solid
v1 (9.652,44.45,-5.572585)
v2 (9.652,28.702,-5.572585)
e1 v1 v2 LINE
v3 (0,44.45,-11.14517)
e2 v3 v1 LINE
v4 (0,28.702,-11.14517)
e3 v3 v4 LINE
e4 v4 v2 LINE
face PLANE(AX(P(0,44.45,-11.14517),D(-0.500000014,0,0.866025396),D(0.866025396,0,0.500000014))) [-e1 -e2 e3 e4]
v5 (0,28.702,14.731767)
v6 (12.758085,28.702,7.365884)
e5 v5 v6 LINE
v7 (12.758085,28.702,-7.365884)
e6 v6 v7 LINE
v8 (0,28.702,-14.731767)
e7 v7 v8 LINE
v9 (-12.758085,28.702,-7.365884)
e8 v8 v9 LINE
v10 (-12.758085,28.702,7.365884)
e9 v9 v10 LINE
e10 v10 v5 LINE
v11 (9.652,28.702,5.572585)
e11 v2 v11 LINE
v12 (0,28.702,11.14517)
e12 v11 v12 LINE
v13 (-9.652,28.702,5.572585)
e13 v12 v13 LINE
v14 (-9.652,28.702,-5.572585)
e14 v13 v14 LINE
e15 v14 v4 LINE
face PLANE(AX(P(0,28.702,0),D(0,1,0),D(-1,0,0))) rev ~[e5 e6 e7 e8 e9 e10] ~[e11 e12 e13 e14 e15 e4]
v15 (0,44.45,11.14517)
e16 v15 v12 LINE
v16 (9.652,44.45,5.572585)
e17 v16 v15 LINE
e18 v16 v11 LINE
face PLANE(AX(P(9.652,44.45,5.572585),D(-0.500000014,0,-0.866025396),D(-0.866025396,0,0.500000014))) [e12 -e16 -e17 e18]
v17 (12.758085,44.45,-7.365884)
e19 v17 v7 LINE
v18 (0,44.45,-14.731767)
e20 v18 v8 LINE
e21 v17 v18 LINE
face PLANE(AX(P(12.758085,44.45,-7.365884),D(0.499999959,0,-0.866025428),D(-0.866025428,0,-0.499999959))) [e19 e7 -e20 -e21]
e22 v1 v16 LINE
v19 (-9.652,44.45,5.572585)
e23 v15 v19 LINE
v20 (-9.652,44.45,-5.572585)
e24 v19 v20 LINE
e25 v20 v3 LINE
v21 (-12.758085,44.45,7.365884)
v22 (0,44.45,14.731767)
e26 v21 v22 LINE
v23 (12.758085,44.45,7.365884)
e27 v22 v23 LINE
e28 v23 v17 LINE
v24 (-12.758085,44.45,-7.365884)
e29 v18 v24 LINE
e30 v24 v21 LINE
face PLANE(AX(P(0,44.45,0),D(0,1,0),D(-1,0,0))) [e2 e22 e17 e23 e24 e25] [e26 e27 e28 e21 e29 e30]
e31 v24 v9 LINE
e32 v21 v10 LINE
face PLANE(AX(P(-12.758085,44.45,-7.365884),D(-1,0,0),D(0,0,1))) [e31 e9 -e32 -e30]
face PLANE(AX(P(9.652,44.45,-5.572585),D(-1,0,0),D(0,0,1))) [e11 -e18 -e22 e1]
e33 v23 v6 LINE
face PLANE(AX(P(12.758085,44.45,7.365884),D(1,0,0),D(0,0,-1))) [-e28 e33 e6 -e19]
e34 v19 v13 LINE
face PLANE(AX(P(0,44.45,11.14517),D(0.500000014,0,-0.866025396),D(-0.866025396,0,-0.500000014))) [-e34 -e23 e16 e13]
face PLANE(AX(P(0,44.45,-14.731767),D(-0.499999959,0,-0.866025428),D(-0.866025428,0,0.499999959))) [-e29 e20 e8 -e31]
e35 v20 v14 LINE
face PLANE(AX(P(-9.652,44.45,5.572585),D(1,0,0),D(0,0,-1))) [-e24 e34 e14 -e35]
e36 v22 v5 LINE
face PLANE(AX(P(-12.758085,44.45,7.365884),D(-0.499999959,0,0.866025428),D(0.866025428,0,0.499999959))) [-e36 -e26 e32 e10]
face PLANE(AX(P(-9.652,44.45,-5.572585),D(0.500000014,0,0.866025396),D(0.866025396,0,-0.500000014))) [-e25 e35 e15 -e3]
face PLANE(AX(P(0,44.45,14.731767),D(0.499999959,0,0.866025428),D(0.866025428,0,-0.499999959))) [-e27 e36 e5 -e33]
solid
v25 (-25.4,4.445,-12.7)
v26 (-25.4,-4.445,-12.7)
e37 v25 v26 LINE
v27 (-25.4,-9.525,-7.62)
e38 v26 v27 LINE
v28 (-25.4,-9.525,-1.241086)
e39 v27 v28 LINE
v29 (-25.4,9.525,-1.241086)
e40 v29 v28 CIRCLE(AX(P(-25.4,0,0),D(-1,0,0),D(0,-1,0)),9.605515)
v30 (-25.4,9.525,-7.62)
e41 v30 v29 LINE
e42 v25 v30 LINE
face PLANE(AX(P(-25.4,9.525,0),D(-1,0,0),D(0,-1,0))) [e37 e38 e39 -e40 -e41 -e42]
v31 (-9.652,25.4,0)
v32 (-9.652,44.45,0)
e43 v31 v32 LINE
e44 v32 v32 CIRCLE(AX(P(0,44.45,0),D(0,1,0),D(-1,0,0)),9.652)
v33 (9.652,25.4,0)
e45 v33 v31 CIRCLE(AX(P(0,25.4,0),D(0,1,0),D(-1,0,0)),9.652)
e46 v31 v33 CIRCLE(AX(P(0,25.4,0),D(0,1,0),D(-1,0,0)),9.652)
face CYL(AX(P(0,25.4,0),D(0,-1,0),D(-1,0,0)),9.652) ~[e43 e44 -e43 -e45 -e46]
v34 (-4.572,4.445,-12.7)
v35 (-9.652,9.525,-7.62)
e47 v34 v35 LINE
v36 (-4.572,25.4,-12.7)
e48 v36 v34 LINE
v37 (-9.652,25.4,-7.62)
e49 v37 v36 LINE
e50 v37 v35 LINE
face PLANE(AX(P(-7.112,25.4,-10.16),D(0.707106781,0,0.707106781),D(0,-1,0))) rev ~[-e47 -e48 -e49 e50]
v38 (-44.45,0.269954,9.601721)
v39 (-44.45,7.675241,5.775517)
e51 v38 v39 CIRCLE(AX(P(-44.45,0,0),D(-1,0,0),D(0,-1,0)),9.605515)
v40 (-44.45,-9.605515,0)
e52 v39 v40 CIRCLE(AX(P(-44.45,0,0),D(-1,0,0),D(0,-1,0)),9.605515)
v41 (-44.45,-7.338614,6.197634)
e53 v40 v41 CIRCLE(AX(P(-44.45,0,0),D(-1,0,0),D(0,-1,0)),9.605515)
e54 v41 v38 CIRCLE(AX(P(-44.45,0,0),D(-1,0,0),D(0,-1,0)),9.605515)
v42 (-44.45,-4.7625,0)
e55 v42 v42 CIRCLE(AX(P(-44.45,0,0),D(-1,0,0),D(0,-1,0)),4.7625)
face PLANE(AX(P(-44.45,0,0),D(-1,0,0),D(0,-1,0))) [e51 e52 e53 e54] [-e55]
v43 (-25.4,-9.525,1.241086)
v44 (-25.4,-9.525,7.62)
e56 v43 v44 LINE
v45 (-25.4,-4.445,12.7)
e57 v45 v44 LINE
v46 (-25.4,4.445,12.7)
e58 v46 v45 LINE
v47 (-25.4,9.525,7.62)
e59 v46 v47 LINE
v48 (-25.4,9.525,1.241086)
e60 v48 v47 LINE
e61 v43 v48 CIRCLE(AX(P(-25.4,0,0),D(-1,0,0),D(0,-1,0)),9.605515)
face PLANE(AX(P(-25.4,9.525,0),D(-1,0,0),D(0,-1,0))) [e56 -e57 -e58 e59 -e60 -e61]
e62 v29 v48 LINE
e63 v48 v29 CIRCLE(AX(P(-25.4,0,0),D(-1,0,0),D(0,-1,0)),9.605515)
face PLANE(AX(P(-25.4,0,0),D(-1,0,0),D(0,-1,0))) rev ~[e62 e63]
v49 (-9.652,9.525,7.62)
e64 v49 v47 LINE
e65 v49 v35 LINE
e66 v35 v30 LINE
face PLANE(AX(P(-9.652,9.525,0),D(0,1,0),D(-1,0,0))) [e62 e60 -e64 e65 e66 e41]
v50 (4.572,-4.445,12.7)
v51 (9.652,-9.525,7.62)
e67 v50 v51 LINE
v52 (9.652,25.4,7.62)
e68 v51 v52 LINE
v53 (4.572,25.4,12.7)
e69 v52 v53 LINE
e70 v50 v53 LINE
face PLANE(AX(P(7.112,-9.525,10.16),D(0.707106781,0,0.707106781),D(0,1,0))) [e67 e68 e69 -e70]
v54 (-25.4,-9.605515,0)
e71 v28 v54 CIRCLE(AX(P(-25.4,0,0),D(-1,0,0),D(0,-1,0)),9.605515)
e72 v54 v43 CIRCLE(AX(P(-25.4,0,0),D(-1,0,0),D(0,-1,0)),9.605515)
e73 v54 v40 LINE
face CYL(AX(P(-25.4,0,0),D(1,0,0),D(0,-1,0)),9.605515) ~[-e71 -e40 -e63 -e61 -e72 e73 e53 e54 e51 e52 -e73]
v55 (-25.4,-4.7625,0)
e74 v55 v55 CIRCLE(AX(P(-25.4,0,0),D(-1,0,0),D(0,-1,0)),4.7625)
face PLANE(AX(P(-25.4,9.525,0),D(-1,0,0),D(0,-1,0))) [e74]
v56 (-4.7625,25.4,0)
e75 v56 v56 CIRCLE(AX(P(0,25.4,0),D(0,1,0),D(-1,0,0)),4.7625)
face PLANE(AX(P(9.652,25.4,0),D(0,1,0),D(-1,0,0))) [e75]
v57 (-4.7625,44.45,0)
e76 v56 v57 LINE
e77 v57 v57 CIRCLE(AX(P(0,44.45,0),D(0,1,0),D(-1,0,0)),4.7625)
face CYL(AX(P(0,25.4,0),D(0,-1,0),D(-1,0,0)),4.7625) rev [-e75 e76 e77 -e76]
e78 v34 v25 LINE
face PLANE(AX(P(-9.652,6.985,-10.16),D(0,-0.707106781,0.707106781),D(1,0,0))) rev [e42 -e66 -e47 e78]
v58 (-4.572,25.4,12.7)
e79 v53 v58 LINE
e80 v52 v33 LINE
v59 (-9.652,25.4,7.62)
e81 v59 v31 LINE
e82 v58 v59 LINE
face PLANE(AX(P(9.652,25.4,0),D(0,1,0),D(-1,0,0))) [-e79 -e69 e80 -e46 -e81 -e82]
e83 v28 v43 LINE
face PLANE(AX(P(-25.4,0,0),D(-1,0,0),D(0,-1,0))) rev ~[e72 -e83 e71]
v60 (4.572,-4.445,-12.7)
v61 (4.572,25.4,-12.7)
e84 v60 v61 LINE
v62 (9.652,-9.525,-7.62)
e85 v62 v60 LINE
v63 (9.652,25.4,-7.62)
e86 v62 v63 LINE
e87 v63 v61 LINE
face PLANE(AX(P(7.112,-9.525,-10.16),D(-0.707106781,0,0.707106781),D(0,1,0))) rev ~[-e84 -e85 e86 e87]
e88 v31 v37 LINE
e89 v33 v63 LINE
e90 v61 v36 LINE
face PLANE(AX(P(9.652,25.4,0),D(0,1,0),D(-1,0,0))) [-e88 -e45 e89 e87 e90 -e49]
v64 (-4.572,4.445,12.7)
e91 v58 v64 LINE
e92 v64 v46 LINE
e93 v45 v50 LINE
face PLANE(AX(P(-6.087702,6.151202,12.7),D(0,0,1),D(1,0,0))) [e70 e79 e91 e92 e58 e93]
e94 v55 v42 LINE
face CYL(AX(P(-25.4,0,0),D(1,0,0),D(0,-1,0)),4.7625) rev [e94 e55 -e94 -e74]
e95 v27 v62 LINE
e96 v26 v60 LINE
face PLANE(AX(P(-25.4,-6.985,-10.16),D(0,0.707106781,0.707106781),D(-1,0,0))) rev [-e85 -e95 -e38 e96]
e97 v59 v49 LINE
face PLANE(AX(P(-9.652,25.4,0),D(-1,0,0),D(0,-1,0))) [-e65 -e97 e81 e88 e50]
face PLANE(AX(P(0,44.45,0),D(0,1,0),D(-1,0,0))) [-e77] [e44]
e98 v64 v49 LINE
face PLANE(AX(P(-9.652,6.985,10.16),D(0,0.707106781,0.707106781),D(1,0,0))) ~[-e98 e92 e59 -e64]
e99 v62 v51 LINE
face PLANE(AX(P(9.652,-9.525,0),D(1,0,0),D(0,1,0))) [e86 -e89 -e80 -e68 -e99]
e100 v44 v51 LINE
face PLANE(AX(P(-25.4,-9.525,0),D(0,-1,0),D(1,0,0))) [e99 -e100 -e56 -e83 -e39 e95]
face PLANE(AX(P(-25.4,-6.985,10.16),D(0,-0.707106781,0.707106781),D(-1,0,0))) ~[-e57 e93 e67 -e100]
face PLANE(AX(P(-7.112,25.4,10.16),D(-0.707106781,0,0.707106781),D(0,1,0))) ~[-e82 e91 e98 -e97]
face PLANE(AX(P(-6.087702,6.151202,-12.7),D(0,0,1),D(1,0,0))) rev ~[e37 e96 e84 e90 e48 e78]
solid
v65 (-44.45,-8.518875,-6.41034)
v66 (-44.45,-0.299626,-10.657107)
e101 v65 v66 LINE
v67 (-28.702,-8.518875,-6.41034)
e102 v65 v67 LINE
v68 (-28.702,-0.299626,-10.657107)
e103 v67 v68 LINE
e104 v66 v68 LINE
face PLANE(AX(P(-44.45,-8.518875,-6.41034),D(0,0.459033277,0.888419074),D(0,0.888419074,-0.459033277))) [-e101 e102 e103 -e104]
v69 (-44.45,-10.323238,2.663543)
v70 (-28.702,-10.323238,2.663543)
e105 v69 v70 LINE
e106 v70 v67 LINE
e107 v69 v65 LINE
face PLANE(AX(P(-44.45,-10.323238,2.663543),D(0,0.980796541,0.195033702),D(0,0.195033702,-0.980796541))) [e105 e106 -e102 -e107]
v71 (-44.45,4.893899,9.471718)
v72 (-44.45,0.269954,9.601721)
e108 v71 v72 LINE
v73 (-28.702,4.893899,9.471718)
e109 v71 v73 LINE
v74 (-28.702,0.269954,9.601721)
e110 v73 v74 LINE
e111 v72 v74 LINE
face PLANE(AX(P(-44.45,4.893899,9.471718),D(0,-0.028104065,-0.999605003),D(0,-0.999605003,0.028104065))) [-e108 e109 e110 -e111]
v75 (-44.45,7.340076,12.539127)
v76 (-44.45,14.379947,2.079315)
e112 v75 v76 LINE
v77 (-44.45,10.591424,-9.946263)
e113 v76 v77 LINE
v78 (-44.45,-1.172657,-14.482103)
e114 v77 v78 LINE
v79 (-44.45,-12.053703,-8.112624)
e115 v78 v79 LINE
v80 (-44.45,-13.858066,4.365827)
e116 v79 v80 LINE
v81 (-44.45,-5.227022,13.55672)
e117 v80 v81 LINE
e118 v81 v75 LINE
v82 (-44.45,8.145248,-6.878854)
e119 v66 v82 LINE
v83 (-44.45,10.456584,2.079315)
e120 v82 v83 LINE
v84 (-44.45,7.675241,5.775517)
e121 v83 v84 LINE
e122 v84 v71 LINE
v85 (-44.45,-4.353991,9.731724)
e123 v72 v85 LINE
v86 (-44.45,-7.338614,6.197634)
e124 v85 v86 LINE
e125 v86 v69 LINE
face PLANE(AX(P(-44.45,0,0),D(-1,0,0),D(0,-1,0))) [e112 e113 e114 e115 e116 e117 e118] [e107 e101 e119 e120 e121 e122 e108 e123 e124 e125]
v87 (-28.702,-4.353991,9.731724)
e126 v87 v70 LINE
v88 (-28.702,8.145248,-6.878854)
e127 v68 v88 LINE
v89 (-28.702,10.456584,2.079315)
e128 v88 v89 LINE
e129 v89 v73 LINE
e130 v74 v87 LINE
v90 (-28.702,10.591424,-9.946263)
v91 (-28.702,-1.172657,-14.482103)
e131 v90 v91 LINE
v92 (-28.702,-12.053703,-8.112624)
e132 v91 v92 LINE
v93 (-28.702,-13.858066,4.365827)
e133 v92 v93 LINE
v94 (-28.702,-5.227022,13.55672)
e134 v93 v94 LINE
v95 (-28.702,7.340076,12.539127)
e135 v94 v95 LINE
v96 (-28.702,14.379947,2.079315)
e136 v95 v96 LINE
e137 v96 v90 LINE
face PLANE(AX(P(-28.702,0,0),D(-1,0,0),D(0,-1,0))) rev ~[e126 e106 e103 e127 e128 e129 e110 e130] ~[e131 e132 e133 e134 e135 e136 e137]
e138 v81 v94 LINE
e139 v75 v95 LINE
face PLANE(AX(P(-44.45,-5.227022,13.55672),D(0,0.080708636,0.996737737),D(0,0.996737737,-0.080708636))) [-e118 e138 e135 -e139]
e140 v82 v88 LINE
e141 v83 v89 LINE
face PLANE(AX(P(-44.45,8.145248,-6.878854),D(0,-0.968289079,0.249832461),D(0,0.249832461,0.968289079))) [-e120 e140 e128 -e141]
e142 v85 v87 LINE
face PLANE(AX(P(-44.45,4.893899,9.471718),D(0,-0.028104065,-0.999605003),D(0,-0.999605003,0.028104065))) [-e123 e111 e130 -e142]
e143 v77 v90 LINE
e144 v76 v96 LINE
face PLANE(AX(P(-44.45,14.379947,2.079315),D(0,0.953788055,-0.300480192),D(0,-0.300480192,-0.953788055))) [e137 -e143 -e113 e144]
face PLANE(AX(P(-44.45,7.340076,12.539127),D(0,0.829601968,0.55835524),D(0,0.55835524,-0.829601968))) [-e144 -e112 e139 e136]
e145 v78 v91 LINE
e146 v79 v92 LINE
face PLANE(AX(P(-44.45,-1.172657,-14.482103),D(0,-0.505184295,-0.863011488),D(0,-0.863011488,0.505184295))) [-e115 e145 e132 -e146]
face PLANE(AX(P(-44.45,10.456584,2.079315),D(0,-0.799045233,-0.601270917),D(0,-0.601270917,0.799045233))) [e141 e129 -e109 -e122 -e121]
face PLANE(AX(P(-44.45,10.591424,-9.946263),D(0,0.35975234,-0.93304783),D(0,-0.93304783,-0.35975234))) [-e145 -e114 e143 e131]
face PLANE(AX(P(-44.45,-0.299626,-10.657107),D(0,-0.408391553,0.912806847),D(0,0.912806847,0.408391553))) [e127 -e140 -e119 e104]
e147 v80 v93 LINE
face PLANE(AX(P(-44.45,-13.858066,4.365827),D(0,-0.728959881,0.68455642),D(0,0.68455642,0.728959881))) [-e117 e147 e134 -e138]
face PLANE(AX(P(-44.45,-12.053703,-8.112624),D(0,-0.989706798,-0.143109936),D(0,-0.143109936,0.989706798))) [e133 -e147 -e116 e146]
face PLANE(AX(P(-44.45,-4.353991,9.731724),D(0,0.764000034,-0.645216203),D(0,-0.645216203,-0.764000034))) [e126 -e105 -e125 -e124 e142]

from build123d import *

# Parameters (mm, degrees)
F1_DEPTH = 12.7
F2_R     = 9.605515
F2_R_2   = 4.7625
F3_DEPTH = 19.05
F5_DEPTH = 15.748
F6_R     = 9.652
F6_R_2   = 4.7625
F7_DEPTH = 19.05
F9_DEPTH = 15.748
F10_SIZE = 5.08


with BuildPart() as f1:
    # F0 (on Top) → F1 (new body, symmetric)
    with BuildSketch(Plane.XY):
        Polygon((-9.652, 9.525), (-25.4, 9.525), (-25.4, 0), (-25.4, -9.525), (9.652, -9.525), (9.652, 9.525), (9.652, 25.4), (0, 25.4), (-9.652, 25.4), align=None)
    extrude(amount=F1_DEPTH, both=True)

    # F2 (on face) → F3 (join)
    with BuildSketch(Plane(origin=(-25.4, 0, 0), x_dir=(0, -1, 0), z_dir=(-1, 0, 0))):
        Circle(F2_R)
        Circle(F2_R_2, mode=Mode.SUBTRACT)
    extrude(amount=F3_DEPTH)

    # F4 (on face) → F5 (join)
    with BuildSketch(Plane(origin=(-44.45, 0, 0), x_dir=(0, -1, 0), z_dir=(-1, 0, 0))):
        Polygon((12.053703, -8.112624), (13.858066, 4.365827), (5.227022, 13.55672), (-7.340076, 12.539127), (-14.379947, 2.079315), (-10.591424, -9.946263), (1.172657, -14.482103), align=None)
        Polygon((4.353991, 9.731724), (10.323238, 2.663543), (8.518875, -6.41034), (0.299626, -10.657107), (-8.145248, -6.878854), (-10.456584, 2.079315), (-4.893899, 9.471718), align=None, mode=Mode.SUBTRACT)
    extrude(amount=-F5_DEPTH)

    # F6 (on face) → F7 (join)
    with BuildSketch(Plane(origin=(0, 25.4, 0), x_dir=(-1, 0, 0), z_dir=(0, 1, 0))):
        Circle(F6_R)
        Circle(F6_R_2, mode=Mode.SUBTRACT)
    extrude(amount=F7_DEPTH)

    # F10
    f10_edges = [f1.edges().sort_by_distance(p)[0] for p in [
        (-17.526, 9.525, 12.7),
        (-7.874, -9.525, 12.7),
        (-9.652, 17.4625, 12.7),
        (9.652, 7.9375, 12.7),
        (9.652, 7.9375, -12.7),
        (-17.526, 9.525, -12.7),
        (-9.652, 17.4625, -12.7),
        (-7.874, -9.525, -12.7),
    ]]
    chamfer(f10_edges, length=F10_SIZE)


with BuildPart() as f9:
    # F8 (on face) → F9 (new body)
    with BuildSketch(Plane(origin=(0, 44.45, 0), x_dir=(-1, 0, 0), z_dir=(0, 1, 0))):
        Polygon((12.758085, -7.365884), (12.758085, 7.365884), (0, 14.731767), (-12.758085, 7.365884), (-12.758085, -7.365884), (0, -14.731767), align=None)
        Polygon((0, 11.14517), (9.652, 5.572585), (9.652, -5.572585), (0, -11.14517), (-9.652, -5.572585), (-9.652, 5.572585), align=None, mode=Mode.SUBTRACT)
    extrude(amount=-F9_DEPTH)


solid = Compound([f1.part, f9.part])
